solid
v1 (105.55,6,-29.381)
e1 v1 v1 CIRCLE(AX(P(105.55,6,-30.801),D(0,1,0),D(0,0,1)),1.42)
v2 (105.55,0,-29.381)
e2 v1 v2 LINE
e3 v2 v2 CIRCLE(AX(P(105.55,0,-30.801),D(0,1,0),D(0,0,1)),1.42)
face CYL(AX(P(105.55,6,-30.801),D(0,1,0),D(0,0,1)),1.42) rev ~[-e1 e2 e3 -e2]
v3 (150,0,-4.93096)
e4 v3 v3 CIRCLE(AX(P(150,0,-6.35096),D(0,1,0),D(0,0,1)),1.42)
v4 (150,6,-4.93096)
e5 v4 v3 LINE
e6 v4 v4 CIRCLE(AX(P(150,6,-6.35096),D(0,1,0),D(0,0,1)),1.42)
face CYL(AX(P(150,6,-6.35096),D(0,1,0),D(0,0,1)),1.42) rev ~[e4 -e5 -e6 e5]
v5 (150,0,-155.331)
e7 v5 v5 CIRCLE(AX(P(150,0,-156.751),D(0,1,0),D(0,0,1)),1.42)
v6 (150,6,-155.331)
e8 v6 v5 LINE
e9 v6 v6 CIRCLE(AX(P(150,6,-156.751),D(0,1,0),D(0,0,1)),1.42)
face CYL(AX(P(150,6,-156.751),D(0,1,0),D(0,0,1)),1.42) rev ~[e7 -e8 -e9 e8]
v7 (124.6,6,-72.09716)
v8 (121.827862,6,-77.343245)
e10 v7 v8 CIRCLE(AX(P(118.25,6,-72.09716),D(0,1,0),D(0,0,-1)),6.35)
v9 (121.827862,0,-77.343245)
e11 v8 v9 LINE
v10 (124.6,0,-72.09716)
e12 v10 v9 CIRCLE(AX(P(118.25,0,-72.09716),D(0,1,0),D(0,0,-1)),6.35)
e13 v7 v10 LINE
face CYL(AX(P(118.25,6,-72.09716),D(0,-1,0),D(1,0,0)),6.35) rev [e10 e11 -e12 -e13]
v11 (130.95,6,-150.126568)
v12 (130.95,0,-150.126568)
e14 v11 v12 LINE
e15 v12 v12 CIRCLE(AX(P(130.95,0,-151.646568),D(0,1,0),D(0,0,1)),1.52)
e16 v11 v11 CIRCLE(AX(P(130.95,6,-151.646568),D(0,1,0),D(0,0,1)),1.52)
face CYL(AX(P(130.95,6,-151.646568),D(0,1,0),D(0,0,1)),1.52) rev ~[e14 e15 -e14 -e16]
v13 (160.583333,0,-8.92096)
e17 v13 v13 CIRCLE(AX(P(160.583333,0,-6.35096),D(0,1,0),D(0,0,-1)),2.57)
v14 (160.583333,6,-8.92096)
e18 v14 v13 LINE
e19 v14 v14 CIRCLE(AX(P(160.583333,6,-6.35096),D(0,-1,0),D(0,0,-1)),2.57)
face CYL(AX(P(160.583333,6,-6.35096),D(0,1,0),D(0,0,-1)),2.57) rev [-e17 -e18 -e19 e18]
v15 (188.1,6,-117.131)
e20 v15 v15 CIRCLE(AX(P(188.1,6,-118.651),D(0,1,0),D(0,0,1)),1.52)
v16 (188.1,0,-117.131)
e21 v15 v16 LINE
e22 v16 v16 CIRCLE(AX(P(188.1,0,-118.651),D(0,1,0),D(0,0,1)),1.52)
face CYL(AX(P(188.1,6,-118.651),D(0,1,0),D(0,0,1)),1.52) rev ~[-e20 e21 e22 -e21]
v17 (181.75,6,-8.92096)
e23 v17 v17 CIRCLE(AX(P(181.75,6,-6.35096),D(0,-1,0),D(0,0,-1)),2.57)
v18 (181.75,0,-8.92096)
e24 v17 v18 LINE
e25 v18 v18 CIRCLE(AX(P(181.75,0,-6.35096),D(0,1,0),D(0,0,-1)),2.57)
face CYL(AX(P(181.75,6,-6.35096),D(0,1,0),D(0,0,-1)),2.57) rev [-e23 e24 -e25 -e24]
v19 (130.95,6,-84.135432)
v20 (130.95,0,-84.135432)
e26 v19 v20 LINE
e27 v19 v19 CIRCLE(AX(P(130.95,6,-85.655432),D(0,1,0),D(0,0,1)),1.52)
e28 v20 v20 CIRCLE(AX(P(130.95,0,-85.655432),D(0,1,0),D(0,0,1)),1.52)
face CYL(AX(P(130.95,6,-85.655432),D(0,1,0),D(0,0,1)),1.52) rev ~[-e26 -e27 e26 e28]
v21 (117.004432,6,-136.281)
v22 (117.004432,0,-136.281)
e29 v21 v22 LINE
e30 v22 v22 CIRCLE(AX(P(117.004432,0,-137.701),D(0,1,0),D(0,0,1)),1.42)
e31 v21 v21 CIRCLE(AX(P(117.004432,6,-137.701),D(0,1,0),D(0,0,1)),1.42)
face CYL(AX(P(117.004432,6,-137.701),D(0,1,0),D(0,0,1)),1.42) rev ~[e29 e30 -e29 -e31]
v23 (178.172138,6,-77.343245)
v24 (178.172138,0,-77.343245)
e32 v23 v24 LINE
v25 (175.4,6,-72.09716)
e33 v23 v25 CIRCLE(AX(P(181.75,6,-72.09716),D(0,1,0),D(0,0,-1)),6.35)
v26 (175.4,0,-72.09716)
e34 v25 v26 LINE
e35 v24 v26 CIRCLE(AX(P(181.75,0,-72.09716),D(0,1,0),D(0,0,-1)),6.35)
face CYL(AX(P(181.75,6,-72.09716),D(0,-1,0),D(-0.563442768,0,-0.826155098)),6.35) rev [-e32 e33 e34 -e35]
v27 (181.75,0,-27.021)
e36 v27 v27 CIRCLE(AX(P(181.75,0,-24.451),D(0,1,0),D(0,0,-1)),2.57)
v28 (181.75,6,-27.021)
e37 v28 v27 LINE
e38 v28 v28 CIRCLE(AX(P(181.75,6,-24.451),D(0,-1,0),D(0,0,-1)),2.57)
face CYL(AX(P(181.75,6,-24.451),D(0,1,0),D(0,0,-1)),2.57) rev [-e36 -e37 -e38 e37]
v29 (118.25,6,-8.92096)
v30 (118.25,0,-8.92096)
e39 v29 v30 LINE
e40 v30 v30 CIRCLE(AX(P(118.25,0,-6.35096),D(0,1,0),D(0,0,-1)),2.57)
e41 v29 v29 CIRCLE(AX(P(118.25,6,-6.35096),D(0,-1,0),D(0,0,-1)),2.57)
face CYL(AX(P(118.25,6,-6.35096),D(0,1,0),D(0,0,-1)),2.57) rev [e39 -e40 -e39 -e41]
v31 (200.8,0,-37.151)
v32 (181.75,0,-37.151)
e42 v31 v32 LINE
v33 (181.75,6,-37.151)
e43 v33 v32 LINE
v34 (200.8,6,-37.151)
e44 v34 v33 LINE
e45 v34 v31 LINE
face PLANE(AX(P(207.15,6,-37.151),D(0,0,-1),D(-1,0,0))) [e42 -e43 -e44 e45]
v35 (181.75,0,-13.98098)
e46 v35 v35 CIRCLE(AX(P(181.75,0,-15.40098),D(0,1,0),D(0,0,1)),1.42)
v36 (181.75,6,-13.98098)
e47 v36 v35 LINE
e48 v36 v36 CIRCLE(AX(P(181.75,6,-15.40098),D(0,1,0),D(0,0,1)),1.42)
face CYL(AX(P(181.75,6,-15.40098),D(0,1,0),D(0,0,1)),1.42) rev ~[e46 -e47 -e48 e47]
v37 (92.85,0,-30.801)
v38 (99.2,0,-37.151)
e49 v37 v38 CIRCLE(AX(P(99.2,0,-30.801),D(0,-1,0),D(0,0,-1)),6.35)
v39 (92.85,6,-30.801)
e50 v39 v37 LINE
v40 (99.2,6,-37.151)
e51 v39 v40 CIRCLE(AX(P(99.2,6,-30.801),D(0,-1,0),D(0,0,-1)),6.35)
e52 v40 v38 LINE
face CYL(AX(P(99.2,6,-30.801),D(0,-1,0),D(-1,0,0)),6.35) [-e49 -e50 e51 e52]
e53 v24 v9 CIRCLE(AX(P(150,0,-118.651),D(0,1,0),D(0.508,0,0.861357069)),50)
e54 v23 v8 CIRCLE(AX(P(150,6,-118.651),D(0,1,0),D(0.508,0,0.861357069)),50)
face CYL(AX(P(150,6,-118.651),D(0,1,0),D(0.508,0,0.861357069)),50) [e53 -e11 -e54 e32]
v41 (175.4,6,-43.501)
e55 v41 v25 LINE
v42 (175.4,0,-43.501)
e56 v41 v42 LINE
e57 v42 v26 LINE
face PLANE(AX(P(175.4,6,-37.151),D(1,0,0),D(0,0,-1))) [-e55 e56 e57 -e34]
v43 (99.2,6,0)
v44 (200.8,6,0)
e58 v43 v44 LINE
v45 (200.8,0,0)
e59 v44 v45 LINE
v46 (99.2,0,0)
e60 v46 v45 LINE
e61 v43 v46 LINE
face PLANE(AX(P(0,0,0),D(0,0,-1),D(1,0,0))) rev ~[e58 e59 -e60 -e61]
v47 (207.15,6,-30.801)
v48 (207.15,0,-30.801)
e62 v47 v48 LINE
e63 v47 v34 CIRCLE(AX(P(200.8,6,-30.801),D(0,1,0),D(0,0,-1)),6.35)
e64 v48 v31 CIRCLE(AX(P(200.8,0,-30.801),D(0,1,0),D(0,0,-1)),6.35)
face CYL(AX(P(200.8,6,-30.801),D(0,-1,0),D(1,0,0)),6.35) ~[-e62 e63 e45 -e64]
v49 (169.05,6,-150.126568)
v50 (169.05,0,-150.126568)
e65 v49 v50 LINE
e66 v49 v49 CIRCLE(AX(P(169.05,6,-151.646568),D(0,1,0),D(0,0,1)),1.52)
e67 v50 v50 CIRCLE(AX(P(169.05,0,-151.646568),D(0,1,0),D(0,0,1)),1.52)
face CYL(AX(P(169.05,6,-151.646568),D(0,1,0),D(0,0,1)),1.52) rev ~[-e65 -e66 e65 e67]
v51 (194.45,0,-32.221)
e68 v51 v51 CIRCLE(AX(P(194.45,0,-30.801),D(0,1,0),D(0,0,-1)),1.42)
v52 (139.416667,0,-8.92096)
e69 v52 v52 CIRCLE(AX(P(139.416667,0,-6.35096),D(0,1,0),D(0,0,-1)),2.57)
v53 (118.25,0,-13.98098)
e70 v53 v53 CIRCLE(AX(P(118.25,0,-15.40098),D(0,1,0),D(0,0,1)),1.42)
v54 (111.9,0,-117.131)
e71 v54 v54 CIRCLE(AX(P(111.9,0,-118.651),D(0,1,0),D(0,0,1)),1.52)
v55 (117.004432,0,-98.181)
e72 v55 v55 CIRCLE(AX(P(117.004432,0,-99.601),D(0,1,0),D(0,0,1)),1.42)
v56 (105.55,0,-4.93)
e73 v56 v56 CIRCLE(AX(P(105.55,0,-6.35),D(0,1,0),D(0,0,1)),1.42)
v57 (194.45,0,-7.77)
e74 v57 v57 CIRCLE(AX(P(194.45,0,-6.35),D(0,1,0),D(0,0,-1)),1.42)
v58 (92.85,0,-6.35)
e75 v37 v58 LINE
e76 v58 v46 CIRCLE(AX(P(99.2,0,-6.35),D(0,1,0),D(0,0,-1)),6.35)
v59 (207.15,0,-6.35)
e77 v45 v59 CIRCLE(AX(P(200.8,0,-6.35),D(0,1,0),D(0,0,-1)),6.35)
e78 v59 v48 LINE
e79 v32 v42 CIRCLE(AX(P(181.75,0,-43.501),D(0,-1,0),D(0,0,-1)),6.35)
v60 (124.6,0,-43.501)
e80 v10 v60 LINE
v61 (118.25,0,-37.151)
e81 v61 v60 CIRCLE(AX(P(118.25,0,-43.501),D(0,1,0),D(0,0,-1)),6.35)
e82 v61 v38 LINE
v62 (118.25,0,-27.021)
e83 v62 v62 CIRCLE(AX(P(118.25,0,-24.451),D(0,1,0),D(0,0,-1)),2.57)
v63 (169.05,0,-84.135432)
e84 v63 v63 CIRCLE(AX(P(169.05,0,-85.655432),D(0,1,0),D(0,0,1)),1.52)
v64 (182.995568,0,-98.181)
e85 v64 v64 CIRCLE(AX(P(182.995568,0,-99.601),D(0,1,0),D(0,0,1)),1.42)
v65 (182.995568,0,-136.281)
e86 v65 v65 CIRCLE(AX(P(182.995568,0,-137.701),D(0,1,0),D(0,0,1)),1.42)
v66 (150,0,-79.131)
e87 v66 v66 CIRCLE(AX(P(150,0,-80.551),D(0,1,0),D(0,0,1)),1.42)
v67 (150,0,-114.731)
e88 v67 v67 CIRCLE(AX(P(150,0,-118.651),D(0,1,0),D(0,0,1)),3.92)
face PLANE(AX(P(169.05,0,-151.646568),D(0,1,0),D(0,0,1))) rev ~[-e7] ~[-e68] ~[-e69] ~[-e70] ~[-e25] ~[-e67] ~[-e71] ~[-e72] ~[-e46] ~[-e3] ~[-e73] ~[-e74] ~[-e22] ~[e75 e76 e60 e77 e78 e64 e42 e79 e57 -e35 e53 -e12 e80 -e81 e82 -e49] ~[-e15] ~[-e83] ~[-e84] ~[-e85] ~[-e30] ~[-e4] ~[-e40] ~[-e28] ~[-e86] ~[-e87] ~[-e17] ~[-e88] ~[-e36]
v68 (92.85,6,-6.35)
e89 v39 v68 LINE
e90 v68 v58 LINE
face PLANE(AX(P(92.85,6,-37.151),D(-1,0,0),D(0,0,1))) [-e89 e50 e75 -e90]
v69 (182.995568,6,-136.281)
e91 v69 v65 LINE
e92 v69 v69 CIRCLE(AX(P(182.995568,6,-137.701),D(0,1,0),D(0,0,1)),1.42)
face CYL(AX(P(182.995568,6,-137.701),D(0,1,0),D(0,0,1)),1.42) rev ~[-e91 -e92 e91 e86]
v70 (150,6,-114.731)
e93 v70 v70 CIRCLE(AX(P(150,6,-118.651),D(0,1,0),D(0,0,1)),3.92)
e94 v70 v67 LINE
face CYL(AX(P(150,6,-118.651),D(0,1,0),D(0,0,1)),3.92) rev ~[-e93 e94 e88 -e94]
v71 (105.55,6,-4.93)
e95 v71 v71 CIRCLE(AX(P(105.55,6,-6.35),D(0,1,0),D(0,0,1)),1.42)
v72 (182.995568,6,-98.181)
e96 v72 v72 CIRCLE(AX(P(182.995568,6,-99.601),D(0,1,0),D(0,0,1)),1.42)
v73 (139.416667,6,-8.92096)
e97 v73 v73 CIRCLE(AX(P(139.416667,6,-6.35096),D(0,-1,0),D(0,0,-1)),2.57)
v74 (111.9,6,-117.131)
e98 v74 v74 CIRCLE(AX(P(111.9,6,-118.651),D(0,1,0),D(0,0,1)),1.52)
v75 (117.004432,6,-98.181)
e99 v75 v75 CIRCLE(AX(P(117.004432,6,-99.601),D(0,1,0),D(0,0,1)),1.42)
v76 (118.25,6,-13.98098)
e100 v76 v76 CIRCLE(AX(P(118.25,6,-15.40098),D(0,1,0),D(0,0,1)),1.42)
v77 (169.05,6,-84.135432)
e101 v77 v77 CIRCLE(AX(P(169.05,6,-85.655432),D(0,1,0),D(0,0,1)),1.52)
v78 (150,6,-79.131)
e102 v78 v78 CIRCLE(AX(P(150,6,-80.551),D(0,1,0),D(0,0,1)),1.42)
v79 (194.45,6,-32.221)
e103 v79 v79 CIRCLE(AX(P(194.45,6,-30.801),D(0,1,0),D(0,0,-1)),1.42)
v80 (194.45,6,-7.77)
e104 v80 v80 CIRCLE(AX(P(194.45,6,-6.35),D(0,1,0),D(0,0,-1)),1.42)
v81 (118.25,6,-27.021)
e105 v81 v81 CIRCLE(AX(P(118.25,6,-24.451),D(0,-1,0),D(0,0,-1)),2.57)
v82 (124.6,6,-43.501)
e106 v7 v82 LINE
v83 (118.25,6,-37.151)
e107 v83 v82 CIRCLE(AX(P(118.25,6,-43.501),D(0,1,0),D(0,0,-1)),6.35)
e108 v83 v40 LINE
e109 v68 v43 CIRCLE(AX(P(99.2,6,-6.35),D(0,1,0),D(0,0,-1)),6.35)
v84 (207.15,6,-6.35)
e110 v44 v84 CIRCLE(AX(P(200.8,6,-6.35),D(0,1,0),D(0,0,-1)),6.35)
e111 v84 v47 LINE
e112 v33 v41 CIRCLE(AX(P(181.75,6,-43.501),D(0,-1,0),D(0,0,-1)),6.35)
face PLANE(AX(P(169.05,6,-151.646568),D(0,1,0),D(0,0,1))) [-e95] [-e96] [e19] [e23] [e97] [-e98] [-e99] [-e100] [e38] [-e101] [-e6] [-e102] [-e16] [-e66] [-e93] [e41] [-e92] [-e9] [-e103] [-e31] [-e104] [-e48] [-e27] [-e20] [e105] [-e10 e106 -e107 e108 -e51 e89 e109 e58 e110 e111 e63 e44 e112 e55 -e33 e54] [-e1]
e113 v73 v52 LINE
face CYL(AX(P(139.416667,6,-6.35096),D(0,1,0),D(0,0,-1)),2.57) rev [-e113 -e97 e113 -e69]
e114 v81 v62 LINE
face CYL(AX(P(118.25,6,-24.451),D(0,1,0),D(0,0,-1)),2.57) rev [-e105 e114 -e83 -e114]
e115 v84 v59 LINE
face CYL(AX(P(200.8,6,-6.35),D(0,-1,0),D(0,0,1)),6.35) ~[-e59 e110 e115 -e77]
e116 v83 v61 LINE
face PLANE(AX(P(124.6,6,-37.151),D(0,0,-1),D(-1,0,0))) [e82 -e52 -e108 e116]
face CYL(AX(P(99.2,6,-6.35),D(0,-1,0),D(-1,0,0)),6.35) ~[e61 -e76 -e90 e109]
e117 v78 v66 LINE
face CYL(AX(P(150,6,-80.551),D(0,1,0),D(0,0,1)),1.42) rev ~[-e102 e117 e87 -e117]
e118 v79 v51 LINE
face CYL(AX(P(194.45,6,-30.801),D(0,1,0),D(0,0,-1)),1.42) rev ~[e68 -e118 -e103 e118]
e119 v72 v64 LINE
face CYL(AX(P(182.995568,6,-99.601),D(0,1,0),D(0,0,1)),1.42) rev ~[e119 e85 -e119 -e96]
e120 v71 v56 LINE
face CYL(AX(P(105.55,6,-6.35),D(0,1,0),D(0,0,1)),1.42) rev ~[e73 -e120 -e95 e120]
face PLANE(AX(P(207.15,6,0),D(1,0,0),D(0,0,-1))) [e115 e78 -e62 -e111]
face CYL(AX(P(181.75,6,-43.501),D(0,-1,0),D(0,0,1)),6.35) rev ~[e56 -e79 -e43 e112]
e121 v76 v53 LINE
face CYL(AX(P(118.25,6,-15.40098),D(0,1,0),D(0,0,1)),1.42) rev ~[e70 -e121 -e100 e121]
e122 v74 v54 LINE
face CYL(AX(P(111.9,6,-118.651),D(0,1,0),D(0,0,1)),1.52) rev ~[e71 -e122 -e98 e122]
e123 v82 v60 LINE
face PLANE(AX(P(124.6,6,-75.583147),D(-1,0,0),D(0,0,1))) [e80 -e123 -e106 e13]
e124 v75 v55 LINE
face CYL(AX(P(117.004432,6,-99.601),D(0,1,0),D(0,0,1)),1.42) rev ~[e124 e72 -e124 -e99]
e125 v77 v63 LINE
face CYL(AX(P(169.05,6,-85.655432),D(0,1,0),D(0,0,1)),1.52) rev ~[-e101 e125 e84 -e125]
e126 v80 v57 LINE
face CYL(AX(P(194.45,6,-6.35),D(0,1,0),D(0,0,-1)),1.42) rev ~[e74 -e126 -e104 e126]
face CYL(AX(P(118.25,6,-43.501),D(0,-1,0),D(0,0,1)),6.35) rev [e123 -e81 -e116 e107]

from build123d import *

# Parameters (mm, degrees)
SKETCH1_W           = 300
SKETCH1_H           = 200
BOSS_EXTRUDE1_DEPTH = 6
SKETCH6_R           = 4
CUT_EXTRUDE2_DEPTH  = 361.605047108
FILLET1_R           = 6.35
SKETCH2_R           = 1.5
CUT_EXTRUDE1_DEPTH  = 361.605047108
SKETCH16_R          = 2.65
M5_THROUGH_DEPTH    = 358.420816406
SKETCH9_R           = 1.5
CUT_EXTRUDE3_DEPTH  = 361.605047108
SKETCH10_R          = 1.5
CUT_EXTRUDE5_DEPTH  = 361.605047108
SKETCH17_R          = 1.6
M3_THROUGH_DEPTH    = 268.189599912
FILLET2_R           = 6.35
MOVE_FACE1_BY       = 0.08
MOVE_FACE1_2_BY     = 0.08
MOVE_FACE1_3_BY     = 0.08
MOVE_FACE1_4_BY     = 0.08
MOVE_FACE1_5_BY     = 0.08
MOVE_FACE1_6_BY     = 0.08
MOVE_FACE1_7_BY     = 0.08
MOVE_FACE1_8_BY     = 0.08
MOVE_FACE1_9_BY     = 0.08
MOVE_FACE1_10_BY    = 0.08
MOVE_FACE1_11_BY    = 0.08
MOVE_FACE1_12_BY    = 0.08
MOVE_FACE1_13_BY    = 0.08
MOVE_FACE1_14_BY    = 0.08
MOVE_FACE1_15_BY    = 0.08
MOVE_FACE1_16_BY    = 0.08
MOVE_FACE1_17_BY    = 0.08
MOVE_FACE1_18_BY    = 0.08
MOVE_FACE1_19_BY    = 0.08
MOVE_FACE1_20_BY    = 0.08
MOVE_FACE1_21_BY    = 0.08
MOVE_FACE1_22_BY    = 0.08
MOVE_FACE1_23_BY    = 0.08
MOVE_FACE1_24_BY    = 0.08
MOVE_FACE1_25_BY    = 0.08
MOVE_FACE1_26_BY    = 0.08


with BuildPart() as part:
    # Sketch1 → Boss-Extrude1 (new body)
    with BuildSketch(Plane(origin=(0, 0, 0), x_dir=(1, 0, 0), z_dir=(0, 1, 0))):
        with Locations((150, 100)):
            Rectangle(SKETCH1_W, SKETCH1_H)
    extrude(amount=BOSS_EXTRUDE1_DEPTH)

    # Sketch6 → Cut-Extrude2 (cut, through all)
    with BuildSketch(Plane(origin=(0, 6, 0), x_dir=(1, 0, 0), z_dir=(0, 1, 0))):
        with Locations(Location((150, 118.651, 0), (0, 0, 270))):
            Circle(SKETCH6_R)
    extrude(amount=-CUT_EXTRUDE2_DEPTH, mode=Mode.SUBTRACT)

    # Fillet1
    fillet1_edges = [part.edges().sort_by_distance(p)[0] for p in [
        (0, 3, -200),
        (300, 3, -200),
        (300, 3, 0),
        (0, 3, 0),
    ]]
    fillet(fillet1_edges, radius=FILLET1_R)

    # Sketch2 → Cut-Extrude1 (cut, through all)
    with BuildSketch(Plane(origin=(0, 6, 0), x_dir=(1, 0, 0), z_dir=(0, 1, 0))):
        with Locations(Location((6.35, 174.6, 0), (0, 0, 270))):
            Circle(SKETCH2_R)
        with Locations(Location((6.35, 49.9999, 0), (0, 0, 270))):
            Circle(SKETCH2_R)
        with Locations(Location((249.2, 75.3999, 0), (0, 0, 270))):
            Circle(SKETCH2_R)
        with Locations(Location((50.8, 75.3999, 0), (0, 0, 270))):
            Circle(SKETCH2_R)
        with Locations(Location((293.65, 49.9999, 0), (0, 0, 270))):
            Circle(SKETCH2_R)
        with Locations(Location((50.8, 24.5999, 0), (0, 0, 270))):
            Circle(SKETCH2_R)
        with Locations(Location((249.2, 24.5999, 0), (0, 0, 270))):
            Circle(SKETCH2_R)
        with Locations(Location((25.4, 193.65, 0), (0, 0, 270))):
            Circle(SKETCH2_R)
        with Locations(Location((274.6, 193.65, 0), (0, 0, 270))):
            Circle(SKETCH2_R)
        with Locations(Location((293.65, 174.6, 0), (0, 0, 270))):
            Circle(SKETCH2_R)
    extrude(amount=-CUT_EXTRUDE1_DEPTH, mode=Mode.SUBTRACT)

    # Sketch16 → M5_through (cut, through all)
    with BuildSketch(Plane(origin=(0, 6, -5.8), x_dir=(1, 0, 0), z_dir=(0, -1, 0))):
        with Locations(Location((118.25, -18.651, 0), (0, 0, 270))):
            Circle(SKETCH16_R)
        with Locations(Location((118.25, -0.55096, 0), (0, 0, 270))):
            Circle(SKETCH16_R)
        with Locations(Location((139.416666667, -0.55096, 0), (0, 0, 270))):
            Circle(SKETCH16_R)
        with Locations(Location((160.583333333, -0.55096, 0), (0, 0, 270))):
            Circle(SKETCH16_R)
        with Locations(Location((181.75, -0.55096, 0), (0, 0, 270))):
            Circle(SKETCH16_R)
        with Locations(Location((181.75, -18.651, 0), (0, 0, 270))):
            Circle(SKETCH16_R)
    extrude(amount=M5_THROUGH_DEPTH, mode=Mode.SUBTRACT)

    # Sketch9 → Cut-Extrude3 (cut, through all)
    with BuildSketch(Plane(origin=(0, 6, 0), x_dir=(-1, 0, 0), z_dir=(0, 1, 0))):
        with Locations(Location((-118.25, -15.40098, 0), (0, 0, 90))):
            Circle(SKETCH9_R)
        with Locations(Location((-150, -6.35096, 0), (0, 0, 90))):
            Circle(SKETCH9_R)
        with Locations(Location((-181.75, -15.40098, 0), (0, 0, 90))):
            Circle(SKETCH9_R)
    extrude(amount=-CUT_EXTRUDE3_DEPTH, mode=Mode.SUBTRACT)

    # Sketch10 → Cut-Extrude5 (cut, through all)
    with BuildSketch(Plane(origin=(0, 6, 0), x_dir=(1, 0, 0), z_dir=(0, 1, 0))):
        with Locations(Location((150, 156.751, 0), (0, 0, 270))):
            Circle(SKETCH10_R)
        with Locations(Location((182.995567884, 137.701, 0), (0, 0, 270))):
            Circle(SKETCH10_R)
        with Locations(Location((182.995567884, 99.601, 0), (0, 0, 270))):
            Circle(SKETCH10_R)
        with Locations(Location((150, 80.551, 0), (0, 0, 270))):
            Circle(SKETCH10_R)
        with Locations(Location((117.004432116, 99.601, 0), (0, 0, 270))):
            Circle(SKETCH10_R)
        with Locations(Location((117.004432116, 137.701, 0), (0, 0, 270))):
            Circle(SKETCH10_R)
        with Locations(Location((105.55, 30.801, 0), (0, 0, 270))):
            Circle(SKETCH10_R)
        with Locations(Location((105.55, 6.35, 0), (0, 0, 270))):
            Circle(SKETCH10_R)
        with Locations(Location((194.45, 6.35, 0), (0, 0, 90))):
            Circle(SKETCH10_R)
        with Locations(Location((194.45, 30.801, 0), (0, 0, 90))):
            Circle(SKETCH10_R)
        with BuildLine():
            Line((124.6, 75.583146559), (124.6, 37.151))
            Line((124.6, 37.151), (92.85, 37.151))
            Line((92.85, 37.151), (92.85, 0))
            Line((92.85, 0), (0, 0))
            Line((0, 0), (0, 200))
            Line((0, 200), (300, 200))
            Line((300, 200), (300, 0))
            Line((300, 0), (207.15, 0))
            Line((207.15, 0), (207.15, 37.151))
            Line((207.15, 37.151), (175.4, 37.151))
            Line((175.4, 37.151), (175.4, 75.583146559))
            ThreePointArc((175.4, 75.583146559), (150, 168.651), (124.6, 75.583146559))
        make_face()
    extrude(amount=-CUT_EXTRUDE5_DEPTH, mode=Mode.SUBTRACT)

    # Sketch17 → M3-through (cut, through all)
    with BuildSketch(Plane(origin=(0, 6, 0), x_dir=(1, 0, 0), z_dir=(0, 1, 0))):
        with Locations(Location((188.1, 118.651, 0), (0, 0, 270))):
            Circle(SKETCH17_R)
        with Locations(Location((169.05, 85.655432116, 0), (0, 0, 270))):
            Circle(SKETCH17_R)
        with Locations(Location((130.95, 85.655432116, 0), (0, 0, 270))):
            Circle(SKETCH17_R)
        with Locations(Location((111.9, 118.651, 0), (0, 0, 270))):
            Circle(SKETCH17_R)
        with Locations(Location((130.95, 151.646567884, 0), (0, 0, 270))):
            Circle(SKETCH17_R)
        with Locations(Location((169.05, 151.646567884, 0), (0, 0, 270))):
            Circle(SKETCH17_R)
    extrude(amount=-M3_THROUGH_DEPTH, mode=Mode.SUBTRACT)

    # Fillet2
    fillet2_edges = [part.edges().sort_by_distance(p)[0] for p in [
        (175.4, 3, -75.583146559),
        (124.6, 3, -75.583146559),
        (124.6, 3, -37.151),
        (92.85, 3, -37.151),
        (92.85, 3, 0),
        (207.15, 3, 0),
        (207.15, 3, -37.151),
        (175.4, 3, -37.151),
    ]]
    fillet(fillet2_edges, radius=FILLET2_R)

    # Move Face1: a curved face moved outward by 0.08
    add(Solid.thicken(part.faces().sort_by_distance((150, 3, -122.651))[0], MOVE_FACE1_BY))

    # Move Face1 2: a curved face moved outward by 0.08
    add(Solid.thicken(part.faces().sort_by_distance((118.25, 3, -21.801))[0], MOVE_FACE1_2_BY))

    # Move Face1 3: a curved face moved outward by 0.08
    add(Solid.thicken(part.faces().sort_by_distance((118.25, 3, -3.70096))[0], MOVE_FACE1_3_BY))

    # Move Face1 4: a curved face moved outward by 0.08
    add(Solid.thicken(part.faces().sort_by_distance((139.416666667, 3, -3.70096))[0], MOVE_FACE1_4_BY))

    # Move Face1 5: a curved face moved outward by 0.08
    add(Solid.thicken(part.faces().sort_by_distance((160.583333333, 3, -3.70096))[0], MOVE_FACE1_5_BY))

    # Move Face1 6: a curved face moved outward by 0.08
    add(Solid.thicken(part.faces().sort_by_distance((181.75, 3, -3.70096))[0], MOVE_FACE1_6_BY))

    # Move Face1 7: a curved face moved outward by 0.08
    add(Solid.thicken(part.faces().sort_by_distance((181.75, 3, -21.801))[0], MOVE_FACE1_7_BY))

    # Move Face1 8: a curved face moved outward by 0.08
    add(Solid.thicken(part.faces().sort_by_distance((118.25, 3, -16.90098))[0], MOVE_FACE1_8_BY))

    # Move Face1 9: a curved face moved outward by 0.08
    add(Solid.thicken(part.faces().sort_by_distance((150, 3, -7.85096))[0], MOVE_FACE1_9_BY))

    # Move Face1 10: a curved face moved outward by 0.08
    add(Solid.thicken(part.faces().sort_by_distance((181.75, 3, -16.90098))[0], MOVE_FACE1_10_BY))

    # Move Face1 11: a curved face moved outward by 0.08
    add(Solid.thicken(part.faces().sort_by_distance((150, 3, -158.251))[0], MOVE_FACE1_11_BY))

    # Move Face1 12: a curved face moved outward by 0.08
    add(Solid.thicken(part.faces().sort_by_distance((182.995567884, 3, -139.201))[0], MOVE_FACE1_12_BY))

    # Move Face1 13: a curved face moved outward by 0.08
    add(Solid.thicken(part.faces().sort_by_distance((182.995567884, 3, -101.101))[0], MOVE_FACE1_13_BY))

    # Move Face1 14: a curved face moved outward by 0.08
    add(Solid.thicken(part.faces().sort_by_distance((150, 3, -82.051))[0], MOVE_FACE1_14_BY))

    # Move Face1 15: a curved face moved outward by 0.08
    add(Solid.thicken(part.faces().sort_by_distance((117.004432116, 3, -101.101))[0], MOVE_FACE1_15_BY))

    # Move Face1 16: a curved face moved outward by 0.08
    add(Solid.thicken(part.faces().sort_by_distance((117.004432116, 3, -139.201))[0], MOVE_FACE1_16_BY))

    # Move Face1 17: a curved face moved outward by 0.08
    add(Solid.thicken(part.faces().sort_by_distance((105.55, 3, -32.301))[0], MOVE_FACE1_17_BY))

    # Move Face1 18: a curved face moved outward by 0.08
    add(Solid.thicken(part.faces().sort_by_distance((105.55, 3, -7.85))[0], MOVE_FACE1_18_BY))

    # Move Face1 19: a curved face moved outward by 0.08
    add(Solid.thicken(part.faces().sort_by_distance((194.45, 3, -4.85))[0], MOVE_FACE1_19_BY))

    # Move Face1 20: a curved face moved outward by 0.08
    add(Solid.thicken(part.faces().sort_by_distance((194.45, 3, -29.301))[0], MOVE_FACE1_20_BY))

    # Move Face1 21: a curved face moved outward by 0.08
    add(Solid.thicken(part.faces().sort_by_distance((188.1, 3, -120.251))[0], MOVE_FACE1_21_BY))

    # Move Face1 22: a curved face moved outward by 0.08
    add(Solid.thicken(part.faces().sort_by_distance((169.05, 3, -87.255432116))[0], MOVE_FACE1_22_BY))

    # Move Face1 23: a curved face moved outward by 0.08
    add(Solid.thicken(part.faces().sort_by_distance((130.95, 3, -87.255432116))[0], MOVE_FACE1_23_BY))

    # Move Face1 24: a curved face moved outward by 0.08
    add(Solid.thicken(part.faces().sort_by_distance((111.9, 3, -120.251))[0], MOVE_FACE1_24_BY))

    # Move Face1 25: a curved face moved outward by 0.08
    add(Solid.thicken(part.faces().sort_by_distance((130.95, 3, -153.246567884))[0], MOVE_FACE1_25_BY))

    # Move Face1 26: a curved face moved outward by 0.08
    add(Solid.thicken(part.faces().sort_by_distance((169.05, 3, -153.246567884))[0], MOVE_FACE1_26_BY))


solid = part.part
